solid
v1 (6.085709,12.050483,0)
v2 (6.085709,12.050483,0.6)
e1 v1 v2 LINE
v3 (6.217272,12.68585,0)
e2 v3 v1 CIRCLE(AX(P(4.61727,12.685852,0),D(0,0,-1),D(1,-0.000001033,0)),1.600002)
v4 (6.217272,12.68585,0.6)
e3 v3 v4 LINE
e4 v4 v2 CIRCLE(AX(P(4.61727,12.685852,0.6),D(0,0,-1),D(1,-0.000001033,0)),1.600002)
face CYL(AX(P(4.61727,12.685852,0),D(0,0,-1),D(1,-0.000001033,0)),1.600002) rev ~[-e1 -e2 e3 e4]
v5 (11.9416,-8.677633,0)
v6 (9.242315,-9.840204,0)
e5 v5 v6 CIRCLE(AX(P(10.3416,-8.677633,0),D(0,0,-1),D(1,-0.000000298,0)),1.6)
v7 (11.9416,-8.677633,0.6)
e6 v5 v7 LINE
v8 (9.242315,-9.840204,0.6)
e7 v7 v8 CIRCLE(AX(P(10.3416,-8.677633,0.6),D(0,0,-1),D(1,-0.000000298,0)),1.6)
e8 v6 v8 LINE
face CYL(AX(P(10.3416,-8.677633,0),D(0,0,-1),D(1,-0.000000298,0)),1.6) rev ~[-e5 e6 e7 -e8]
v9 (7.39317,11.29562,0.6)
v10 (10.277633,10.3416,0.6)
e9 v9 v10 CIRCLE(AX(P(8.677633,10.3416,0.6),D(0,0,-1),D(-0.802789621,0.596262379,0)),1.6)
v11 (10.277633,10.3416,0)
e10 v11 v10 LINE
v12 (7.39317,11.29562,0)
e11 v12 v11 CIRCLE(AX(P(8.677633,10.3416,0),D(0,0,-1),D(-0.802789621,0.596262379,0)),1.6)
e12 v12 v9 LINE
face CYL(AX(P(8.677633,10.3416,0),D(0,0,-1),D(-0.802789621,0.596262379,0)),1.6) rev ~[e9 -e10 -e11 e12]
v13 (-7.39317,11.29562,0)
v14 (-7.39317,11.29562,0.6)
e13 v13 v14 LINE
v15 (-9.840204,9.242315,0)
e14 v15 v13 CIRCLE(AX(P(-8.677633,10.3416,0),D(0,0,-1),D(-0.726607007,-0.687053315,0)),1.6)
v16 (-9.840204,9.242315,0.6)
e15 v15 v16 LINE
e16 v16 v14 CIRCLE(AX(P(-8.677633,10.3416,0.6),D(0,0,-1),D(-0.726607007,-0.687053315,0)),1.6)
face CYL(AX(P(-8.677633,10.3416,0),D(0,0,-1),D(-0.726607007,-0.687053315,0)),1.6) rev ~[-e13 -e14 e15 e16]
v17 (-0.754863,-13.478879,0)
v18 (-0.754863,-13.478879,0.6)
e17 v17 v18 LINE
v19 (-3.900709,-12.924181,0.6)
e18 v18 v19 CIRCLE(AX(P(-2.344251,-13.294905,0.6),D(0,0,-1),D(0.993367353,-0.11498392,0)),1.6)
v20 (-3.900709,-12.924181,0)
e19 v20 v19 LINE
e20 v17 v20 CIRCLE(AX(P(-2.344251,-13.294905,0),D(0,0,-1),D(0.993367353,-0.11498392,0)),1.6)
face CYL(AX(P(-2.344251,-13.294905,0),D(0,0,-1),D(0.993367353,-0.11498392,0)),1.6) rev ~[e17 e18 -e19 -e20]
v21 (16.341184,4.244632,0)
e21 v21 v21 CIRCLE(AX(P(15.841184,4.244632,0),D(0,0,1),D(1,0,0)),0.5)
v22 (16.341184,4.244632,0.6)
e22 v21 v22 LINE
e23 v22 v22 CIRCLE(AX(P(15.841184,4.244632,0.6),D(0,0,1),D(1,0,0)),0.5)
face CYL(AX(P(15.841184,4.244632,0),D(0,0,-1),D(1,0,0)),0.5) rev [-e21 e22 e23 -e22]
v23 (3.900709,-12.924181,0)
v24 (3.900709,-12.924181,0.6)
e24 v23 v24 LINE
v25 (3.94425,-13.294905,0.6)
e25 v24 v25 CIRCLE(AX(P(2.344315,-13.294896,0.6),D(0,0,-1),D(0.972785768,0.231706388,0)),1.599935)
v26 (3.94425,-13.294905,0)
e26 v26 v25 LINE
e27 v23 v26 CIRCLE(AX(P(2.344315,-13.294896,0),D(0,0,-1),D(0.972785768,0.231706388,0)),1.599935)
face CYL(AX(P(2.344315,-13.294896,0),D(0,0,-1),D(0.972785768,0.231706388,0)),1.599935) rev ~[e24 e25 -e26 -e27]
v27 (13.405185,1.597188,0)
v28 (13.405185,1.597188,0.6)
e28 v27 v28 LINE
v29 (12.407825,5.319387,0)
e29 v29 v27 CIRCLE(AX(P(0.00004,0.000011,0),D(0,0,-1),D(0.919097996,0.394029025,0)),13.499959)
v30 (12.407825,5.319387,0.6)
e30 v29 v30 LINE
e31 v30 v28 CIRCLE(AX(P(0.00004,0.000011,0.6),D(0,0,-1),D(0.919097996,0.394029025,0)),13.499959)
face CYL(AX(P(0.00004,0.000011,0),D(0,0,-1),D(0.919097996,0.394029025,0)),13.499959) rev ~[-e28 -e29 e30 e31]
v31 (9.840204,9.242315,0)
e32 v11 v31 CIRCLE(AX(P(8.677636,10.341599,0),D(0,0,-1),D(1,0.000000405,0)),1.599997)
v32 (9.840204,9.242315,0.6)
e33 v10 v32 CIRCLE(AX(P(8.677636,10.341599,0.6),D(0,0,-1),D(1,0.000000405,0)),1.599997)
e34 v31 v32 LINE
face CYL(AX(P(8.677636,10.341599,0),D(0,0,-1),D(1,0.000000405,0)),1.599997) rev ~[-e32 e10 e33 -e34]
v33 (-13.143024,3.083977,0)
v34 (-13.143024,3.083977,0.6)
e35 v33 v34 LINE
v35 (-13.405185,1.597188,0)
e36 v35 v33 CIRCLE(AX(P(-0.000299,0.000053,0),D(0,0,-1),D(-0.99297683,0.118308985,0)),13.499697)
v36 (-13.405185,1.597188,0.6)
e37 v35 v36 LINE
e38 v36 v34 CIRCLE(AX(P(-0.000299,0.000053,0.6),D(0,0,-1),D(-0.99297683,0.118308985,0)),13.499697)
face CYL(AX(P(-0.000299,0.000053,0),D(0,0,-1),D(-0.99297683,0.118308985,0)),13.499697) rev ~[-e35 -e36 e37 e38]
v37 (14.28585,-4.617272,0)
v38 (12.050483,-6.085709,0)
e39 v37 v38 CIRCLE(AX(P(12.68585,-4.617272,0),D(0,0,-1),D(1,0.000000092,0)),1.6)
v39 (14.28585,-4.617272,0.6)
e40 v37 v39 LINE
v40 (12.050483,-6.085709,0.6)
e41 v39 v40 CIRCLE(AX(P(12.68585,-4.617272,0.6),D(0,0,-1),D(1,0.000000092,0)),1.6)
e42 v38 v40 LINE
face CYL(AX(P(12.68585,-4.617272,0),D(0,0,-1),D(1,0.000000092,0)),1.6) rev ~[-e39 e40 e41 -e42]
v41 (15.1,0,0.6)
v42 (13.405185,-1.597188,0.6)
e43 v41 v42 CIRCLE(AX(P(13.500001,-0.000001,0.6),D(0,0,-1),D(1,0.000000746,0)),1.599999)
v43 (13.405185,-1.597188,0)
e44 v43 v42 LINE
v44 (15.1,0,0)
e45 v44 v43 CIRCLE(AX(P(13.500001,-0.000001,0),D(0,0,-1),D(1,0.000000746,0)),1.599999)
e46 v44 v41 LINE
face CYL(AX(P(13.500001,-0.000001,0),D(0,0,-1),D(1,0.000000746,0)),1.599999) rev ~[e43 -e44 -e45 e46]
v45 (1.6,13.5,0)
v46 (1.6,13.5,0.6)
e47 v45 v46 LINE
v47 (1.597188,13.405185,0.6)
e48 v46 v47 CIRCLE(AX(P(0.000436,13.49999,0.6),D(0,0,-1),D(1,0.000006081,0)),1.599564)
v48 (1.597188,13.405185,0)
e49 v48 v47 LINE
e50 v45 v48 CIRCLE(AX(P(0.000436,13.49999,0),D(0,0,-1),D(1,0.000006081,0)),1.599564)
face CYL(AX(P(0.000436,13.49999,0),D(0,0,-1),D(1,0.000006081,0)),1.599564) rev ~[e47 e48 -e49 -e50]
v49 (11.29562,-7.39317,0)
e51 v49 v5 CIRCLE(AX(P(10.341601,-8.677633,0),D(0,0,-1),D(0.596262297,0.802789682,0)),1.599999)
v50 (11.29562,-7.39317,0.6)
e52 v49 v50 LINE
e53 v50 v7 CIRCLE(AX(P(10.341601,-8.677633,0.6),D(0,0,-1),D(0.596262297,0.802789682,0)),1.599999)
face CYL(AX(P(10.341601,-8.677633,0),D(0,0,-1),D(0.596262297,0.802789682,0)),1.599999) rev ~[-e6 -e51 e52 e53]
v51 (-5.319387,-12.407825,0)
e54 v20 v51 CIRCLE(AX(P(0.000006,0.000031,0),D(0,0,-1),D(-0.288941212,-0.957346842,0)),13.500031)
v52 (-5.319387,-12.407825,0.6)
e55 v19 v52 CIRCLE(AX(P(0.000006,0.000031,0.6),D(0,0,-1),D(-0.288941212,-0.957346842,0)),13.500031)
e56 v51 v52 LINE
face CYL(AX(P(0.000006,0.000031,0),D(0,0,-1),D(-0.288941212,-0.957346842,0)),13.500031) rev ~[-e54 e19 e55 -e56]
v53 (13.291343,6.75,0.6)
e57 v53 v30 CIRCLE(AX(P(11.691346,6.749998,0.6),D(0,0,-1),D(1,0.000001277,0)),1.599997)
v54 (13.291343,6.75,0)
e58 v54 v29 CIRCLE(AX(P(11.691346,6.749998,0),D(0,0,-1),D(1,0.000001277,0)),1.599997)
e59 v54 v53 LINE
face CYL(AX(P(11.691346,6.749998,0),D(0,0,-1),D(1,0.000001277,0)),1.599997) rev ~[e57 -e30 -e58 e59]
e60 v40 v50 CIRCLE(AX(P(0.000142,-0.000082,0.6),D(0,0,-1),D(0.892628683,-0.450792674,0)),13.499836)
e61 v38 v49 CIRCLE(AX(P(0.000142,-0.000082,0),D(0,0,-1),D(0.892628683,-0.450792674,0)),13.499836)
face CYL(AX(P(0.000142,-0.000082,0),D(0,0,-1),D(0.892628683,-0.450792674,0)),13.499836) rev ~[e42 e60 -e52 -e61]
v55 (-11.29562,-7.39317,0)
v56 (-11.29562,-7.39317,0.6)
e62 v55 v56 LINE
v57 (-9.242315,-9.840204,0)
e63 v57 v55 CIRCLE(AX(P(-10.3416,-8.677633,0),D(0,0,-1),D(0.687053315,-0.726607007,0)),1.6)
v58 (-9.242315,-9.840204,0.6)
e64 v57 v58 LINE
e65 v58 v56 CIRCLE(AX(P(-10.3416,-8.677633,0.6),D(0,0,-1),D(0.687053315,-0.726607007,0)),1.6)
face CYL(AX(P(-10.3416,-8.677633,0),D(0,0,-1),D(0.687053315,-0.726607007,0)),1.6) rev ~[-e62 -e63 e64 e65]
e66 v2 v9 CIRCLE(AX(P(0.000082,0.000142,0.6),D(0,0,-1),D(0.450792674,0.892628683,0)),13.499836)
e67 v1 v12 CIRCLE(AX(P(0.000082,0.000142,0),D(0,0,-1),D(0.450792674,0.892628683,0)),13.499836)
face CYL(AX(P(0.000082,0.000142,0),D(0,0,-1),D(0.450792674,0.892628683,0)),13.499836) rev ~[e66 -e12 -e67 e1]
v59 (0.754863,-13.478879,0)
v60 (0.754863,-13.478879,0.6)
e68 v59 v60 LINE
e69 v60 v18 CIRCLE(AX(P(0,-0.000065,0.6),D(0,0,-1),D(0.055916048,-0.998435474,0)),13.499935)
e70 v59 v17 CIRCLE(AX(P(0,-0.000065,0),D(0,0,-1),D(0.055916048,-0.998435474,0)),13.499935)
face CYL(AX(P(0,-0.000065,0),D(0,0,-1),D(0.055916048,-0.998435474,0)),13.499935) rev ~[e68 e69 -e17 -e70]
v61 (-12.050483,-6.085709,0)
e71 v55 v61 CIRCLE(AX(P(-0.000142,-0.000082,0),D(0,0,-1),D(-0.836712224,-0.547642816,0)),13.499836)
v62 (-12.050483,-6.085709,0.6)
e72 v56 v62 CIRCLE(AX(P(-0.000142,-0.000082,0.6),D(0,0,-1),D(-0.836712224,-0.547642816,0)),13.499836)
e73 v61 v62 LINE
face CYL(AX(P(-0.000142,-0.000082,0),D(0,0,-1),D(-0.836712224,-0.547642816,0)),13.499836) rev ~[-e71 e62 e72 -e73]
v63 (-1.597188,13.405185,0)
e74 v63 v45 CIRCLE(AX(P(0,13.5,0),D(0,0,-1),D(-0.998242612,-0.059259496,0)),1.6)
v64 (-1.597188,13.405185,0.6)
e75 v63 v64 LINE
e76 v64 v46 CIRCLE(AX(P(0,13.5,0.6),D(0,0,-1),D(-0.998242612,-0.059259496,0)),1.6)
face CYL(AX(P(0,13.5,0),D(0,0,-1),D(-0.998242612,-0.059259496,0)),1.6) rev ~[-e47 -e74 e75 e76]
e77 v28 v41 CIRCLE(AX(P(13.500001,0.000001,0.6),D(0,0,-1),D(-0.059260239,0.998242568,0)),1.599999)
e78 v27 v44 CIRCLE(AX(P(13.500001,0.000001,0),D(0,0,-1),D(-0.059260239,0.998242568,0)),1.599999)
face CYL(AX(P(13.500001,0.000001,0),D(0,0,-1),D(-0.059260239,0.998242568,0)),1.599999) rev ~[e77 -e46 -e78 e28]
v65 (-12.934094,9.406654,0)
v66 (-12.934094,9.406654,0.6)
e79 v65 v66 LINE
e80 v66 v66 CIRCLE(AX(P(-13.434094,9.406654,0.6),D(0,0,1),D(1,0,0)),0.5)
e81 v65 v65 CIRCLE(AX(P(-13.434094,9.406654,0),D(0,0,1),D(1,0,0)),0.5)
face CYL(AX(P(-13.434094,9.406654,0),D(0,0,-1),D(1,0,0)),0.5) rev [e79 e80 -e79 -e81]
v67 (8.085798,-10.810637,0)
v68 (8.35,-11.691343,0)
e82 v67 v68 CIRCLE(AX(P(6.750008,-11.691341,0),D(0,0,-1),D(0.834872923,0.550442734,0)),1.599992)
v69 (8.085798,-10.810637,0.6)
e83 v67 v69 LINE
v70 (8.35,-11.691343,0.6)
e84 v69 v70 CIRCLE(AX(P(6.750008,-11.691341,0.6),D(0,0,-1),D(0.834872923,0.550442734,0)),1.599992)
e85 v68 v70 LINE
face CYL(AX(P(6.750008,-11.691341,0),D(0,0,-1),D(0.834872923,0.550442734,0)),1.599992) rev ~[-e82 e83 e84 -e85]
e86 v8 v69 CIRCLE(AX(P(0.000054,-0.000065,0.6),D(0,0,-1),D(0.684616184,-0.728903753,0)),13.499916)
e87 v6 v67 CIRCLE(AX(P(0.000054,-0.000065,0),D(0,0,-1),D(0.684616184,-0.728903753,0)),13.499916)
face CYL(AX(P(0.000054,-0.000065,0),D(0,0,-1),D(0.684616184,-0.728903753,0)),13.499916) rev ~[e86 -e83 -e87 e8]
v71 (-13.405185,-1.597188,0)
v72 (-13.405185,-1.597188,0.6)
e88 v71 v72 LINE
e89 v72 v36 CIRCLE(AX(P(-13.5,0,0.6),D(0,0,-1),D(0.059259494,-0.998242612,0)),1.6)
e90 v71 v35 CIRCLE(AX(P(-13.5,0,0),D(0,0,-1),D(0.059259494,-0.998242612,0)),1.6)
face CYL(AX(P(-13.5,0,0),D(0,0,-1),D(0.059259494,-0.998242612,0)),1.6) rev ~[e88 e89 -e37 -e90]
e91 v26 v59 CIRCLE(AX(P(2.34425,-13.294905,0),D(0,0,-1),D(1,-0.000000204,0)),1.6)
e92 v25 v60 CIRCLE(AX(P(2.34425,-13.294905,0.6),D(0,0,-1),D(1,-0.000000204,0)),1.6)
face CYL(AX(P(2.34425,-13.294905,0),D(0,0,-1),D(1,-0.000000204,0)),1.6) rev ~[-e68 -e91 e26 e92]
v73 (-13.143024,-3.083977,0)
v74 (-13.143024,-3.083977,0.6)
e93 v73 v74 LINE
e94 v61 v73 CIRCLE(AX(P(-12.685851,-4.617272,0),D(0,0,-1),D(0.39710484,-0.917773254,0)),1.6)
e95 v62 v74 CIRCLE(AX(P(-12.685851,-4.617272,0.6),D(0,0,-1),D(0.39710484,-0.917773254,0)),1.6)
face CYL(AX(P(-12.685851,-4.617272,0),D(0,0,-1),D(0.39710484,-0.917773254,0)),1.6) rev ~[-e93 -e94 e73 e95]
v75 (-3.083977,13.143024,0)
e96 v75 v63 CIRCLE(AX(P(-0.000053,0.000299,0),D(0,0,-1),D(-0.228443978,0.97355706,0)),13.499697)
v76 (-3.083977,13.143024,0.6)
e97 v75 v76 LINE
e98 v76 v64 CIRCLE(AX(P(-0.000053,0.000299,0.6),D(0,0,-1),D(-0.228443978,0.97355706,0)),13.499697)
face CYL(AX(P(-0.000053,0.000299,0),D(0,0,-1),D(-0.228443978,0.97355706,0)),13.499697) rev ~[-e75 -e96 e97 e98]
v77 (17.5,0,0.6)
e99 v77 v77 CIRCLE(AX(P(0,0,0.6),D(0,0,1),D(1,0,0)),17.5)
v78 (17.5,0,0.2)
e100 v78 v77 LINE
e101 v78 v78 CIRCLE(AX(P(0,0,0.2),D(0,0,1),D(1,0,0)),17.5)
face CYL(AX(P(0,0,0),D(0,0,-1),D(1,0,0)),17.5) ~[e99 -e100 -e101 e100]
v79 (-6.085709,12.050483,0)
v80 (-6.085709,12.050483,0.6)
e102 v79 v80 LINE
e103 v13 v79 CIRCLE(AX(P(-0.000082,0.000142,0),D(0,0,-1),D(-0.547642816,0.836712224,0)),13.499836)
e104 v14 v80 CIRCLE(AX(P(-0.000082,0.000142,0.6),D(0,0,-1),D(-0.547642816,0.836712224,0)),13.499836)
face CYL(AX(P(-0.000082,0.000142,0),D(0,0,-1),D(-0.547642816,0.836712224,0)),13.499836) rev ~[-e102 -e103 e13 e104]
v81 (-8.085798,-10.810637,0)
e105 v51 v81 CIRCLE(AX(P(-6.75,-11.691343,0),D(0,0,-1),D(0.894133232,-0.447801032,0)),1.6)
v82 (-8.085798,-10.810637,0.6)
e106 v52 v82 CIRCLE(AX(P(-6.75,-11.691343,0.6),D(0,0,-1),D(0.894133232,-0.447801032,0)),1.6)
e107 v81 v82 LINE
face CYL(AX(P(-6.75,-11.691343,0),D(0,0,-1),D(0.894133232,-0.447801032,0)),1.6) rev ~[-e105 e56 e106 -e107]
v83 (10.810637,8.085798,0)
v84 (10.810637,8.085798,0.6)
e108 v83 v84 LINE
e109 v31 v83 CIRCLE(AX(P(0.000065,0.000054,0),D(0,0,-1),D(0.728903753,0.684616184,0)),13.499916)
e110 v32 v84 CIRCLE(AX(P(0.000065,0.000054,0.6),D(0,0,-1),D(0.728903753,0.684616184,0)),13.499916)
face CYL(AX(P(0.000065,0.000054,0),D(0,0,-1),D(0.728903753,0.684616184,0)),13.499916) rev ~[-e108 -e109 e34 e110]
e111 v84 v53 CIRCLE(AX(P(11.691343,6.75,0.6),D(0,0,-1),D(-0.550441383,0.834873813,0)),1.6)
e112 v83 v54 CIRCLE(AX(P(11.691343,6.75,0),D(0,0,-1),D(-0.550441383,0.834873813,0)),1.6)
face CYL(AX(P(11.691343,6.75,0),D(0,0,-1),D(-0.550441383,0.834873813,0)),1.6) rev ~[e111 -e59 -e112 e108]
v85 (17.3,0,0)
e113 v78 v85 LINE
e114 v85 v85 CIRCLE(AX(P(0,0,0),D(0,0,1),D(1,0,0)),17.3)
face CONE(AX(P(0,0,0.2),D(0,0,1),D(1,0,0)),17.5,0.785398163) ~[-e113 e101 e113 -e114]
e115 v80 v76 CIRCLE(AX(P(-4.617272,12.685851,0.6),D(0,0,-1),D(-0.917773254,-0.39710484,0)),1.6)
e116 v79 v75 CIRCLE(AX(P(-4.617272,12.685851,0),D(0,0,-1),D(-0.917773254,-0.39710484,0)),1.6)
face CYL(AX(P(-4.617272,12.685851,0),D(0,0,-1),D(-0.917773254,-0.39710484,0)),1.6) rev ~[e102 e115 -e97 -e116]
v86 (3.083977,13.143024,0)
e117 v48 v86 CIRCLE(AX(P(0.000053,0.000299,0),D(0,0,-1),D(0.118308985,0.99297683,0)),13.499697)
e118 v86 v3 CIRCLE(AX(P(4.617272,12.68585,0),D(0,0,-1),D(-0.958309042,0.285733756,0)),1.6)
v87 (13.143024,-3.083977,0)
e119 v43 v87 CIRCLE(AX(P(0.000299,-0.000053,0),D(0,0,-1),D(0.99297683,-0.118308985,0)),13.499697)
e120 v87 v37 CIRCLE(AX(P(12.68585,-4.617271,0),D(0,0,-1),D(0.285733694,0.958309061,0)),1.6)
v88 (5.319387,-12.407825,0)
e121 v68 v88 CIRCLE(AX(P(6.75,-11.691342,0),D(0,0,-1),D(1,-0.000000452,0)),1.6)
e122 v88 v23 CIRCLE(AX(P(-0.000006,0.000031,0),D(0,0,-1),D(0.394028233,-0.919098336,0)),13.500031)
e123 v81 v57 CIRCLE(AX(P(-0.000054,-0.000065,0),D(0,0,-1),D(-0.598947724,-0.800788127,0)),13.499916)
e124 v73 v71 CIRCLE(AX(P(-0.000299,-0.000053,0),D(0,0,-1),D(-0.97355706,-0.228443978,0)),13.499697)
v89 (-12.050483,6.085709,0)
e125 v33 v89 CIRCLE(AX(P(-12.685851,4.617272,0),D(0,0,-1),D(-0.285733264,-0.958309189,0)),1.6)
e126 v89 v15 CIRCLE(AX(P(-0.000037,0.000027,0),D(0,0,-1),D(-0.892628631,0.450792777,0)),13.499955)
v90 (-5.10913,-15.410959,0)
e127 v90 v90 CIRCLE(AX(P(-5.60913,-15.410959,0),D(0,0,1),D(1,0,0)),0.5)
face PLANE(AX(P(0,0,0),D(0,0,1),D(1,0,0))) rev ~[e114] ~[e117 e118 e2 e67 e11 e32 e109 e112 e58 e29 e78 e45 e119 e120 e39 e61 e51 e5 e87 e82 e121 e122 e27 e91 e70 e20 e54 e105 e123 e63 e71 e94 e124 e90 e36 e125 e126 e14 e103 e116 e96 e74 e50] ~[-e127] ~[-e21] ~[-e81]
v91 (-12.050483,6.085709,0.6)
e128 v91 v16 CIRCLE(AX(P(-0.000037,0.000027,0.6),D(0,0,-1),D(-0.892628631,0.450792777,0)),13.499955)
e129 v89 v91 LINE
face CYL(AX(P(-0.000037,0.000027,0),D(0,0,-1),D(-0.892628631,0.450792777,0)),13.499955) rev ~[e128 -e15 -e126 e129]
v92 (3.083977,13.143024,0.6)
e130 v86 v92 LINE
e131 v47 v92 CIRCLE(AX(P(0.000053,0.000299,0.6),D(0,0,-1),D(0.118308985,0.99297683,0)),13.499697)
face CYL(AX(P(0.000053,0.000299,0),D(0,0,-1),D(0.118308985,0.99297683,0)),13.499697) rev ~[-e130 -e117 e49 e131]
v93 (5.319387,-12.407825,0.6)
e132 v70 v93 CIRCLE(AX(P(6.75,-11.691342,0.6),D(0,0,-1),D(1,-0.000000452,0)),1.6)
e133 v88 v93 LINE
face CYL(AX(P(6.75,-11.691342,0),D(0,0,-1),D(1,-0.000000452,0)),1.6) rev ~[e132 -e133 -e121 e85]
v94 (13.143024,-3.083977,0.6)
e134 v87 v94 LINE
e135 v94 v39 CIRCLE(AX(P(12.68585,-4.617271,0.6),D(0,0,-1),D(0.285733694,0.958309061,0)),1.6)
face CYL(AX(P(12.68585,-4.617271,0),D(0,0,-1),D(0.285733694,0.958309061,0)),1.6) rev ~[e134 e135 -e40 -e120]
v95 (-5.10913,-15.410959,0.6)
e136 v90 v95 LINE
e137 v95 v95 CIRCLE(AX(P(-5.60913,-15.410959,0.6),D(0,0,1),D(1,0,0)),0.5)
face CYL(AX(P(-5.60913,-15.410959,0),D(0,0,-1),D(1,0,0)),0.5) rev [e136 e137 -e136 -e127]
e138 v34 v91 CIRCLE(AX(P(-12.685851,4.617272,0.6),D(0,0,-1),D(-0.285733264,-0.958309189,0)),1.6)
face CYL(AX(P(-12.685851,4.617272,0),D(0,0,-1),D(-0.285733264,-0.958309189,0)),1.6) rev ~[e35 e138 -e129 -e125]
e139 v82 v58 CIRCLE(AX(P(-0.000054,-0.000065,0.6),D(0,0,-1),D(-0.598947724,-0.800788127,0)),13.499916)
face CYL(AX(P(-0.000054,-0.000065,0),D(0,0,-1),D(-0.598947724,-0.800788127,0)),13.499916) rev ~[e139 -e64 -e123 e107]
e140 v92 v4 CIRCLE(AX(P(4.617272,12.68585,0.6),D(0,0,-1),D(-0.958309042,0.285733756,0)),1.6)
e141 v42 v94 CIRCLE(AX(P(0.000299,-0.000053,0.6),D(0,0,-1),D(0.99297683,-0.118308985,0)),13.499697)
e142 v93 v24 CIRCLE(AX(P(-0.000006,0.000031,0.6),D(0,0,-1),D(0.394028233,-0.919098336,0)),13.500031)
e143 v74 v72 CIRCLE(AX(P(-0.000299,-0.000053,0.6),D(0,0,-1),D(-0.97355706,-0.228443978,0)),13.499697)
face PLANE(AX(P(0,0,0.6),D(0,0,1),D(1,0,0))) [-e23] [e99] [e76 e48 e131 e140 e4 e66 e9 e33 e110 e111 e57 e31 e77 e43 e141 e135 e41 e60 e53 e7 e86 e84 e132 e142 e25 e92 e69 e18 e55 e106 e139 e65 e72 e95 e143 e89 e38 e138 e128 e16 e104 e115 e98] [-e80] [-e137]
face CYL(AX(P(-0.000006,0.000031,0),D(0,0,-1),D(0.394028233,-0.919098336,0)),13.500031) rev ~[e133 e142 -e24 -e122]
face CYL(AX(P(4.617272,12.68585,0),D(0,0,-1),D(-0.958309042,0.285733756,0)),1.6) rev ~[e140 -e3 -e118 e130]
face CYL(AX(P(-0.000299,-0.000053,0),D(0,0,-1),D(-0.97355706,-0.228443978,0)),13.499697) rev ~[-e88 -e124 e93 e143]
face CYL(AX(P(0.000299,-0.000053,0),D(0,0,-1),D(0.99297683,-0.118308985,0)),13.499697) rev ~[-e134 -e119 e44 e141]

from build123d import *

# Parameters (mm, degrees)
F0_R     = 17.5
F0_R_2   = 0.5
F1_DEPTH = 0.6
F2_SIZE  = 0.2


with BuildPart() as f1:
    # F0 (on Top) → F1 (new body)
    with BuildSketch(Plane.XY):
        Circle(F0_R)
        with Locations((-5.60913, -15.410959)):
            Circle(F0_R_2, mode=Mode.SUBTRACT)
        with Locations((-13.434094, 9.406654)):
            Circle(F0_R_2, mode=Mode.SUBTRACT)
        with BuildLine():
            ThreePointArc((12.407825, 5.319387), (13.039999, 3.494057), (13.405185, 1.597188))
            ThreePointArc((13.405185, 1.597188), (14.597337, 1.164411), (15.1, 0))
            ThreePointArc((15.1, 0), (14.597337, -1.164411), (13.405185, -1.597188))
            ThreePointArc((13.405185, -1.597188), (13.294905, -2.34425), (13.143024, -3.083977))
            ThreePointArc((13.143024, -3.083977), (13.968714, -3.661102), (14.28585, -4.617272))
            ThreePointArc((14.28585, -4.617272), (13.564318, -5.954543), (12.050483, -6.085709))
            ThreePointArc((12.050483, -6.085709), (11.691343, -6.75), (11.29562, -7.39317))
            ThreePointArc((11.29562, -7.39317), (11.771011, -7.958756), (11.9416, -8.677633))
            ThreePointArc((11.9416, -8.677633), (10.974507, -10.147132), (9.242315, -9.840204))
            ThreePointArc((9.242315, -9.840204), (8.677633, -10.3416), (8.085798, -10.810637))
            ThreePointArc((8.085798, -10.810637), (8.282527, -11.231602), (8.35, -11.691343))
            ThreePointArc((8.35, -11.691343), (7.118116, -13.24842), (5.319387, -12.407825))
            ThreePointArc((5.319387, -12.407825), (4.617272, -12.68585), (3.900709, -12.924181))
            ThreePointArc((3.900709, -12.924181), (3.933328, -13.108269), (3.94425, -13.294905))
            ThreePointArc((3.94425, -13.294905), (2.436391, -14.892249), (0.754863, -13.478879))
            ThreePointArc((0.754863, -13.478879), (0, -13.5), (-0.754863, -13.478879))
            ThreePointArc((-0.754863, -13.478879), (-2.622087, -14.870597), (-3.900709, -12.924181))
            ThreePointArc((-3.900709, -12.924181), (-4.617272, -12.68585), (-5.319387, -12.407825))
            ThreePointArc((-5.319387, -12.407825), (-7.55, -13.076984), (-8.085798, -10.810637))
            ThreePointArc((-8.085798, -10.810637), (-8.677633, -10.3416), (-9.242315, -9.840204))
            ThreePointArc((-9.242315, -9.840204), (-11.567271, -9.706093), (-11.29562, -7.39317))
            ThreePointArc((-11.29562, -7.39317), (-11.691343, -6.75), (-12.050483, -6.085709))
            ThreePointArc((-12.050483, -6.085709), (-14.189359, -5.164504), (-13.143024, -3.083977))
            ThreePointArc((-13.143024, -3.083977), (-13.294905, -2.34425), (-13.405185, -1.597188))
            ThreePointArc((-13.405185, -1.597188), (-15.1, 0), (-13.405185, 1.597188))
            ThreePointArc((-13.405185, 1.597188), (-13.294905, 2.34425), (-13.143024, 3.083977))
            ThreePointArc((-13.143024, 3.083977), (-14.189359, 5.164504), (-12.050483, 6.085709))
            ThreePointArc((-12.050483, 6.085709), (-11.058553, 7.743282), (-9.840204, 9.242315))
            ThreePointArc((-9.840204, 9.242315), (-9.706093, 11.567271), (-7.39317, 11.29562))
            ThreePointArc((-7.39317, 11.29562), (-6.75, 11.691343), (-6.085709, 12.050483))
            ThreePointArc((-6.085709, 12.050483), (-5.164504, 14.189359), (-3.083977, 13.143024))
            ThreePointArc((-3.083977, 13.143024), (-2.34425, 13.294905), (-1.597188, 13.405185))
            ThreePointArc((-1.597188, 13.405185), (-0.047428, 15.099297), (1.6, 13.5))
            ThreePointArc((1.6, 13.5), (1.599297, 13.452572), (1.597188, 13.405185))
            ThreePointArc((1.597188, 13.405185), (2.34425, 13.294905), (3.083977, 13.143024))
            ThreePointArc((3.083977, 13.143024), (4.848279, 14.269086), (6.217272, 12.68585))
            ThreePointArc((6.217272, 12.68585), (6.184036, 12.361428), (6.085709, 12.050483))
            ThreePointArc((6.085709, 12.050483), (6.75, 11.691343), (7.39317, 11.29562))
            ThreePointArc((7.39317, 11.29562), (9.180057, 11.860669), (10.277633, 10.3416))
            ThreePointArc((10.277633, 10.3416), (10.164259, 9.75004), (9.840204, 9.242315))
            ThreePointArc((9.840204, 9.242315), (10.3416, 8.677633), (10.810637, 8.085798))
            ThreePointArc((10.810637, 8.085798), (12.449917, 8.158746), (13.291343, 6.75))
            ThreePointArc((13.291343, 6.75), (13.052661, 5.909277), (12.407825, 5.319387))
        make_face(mode=Mode.SUBTRACT)
        with Locations((15.841184, 4.244632)):
            Circle(F0_R_2, mode=Mode.SUBTRACT)
    extrude(amount=F1_DEPTH)

    # F2
    f2_edges = [f1.edges().sort_by_distance(p)[0] for p in [
        (-17.5, 0, 0),
    ]]
    chamfer(f2_edges, length=F2_SIZE)


solid = f1.part
